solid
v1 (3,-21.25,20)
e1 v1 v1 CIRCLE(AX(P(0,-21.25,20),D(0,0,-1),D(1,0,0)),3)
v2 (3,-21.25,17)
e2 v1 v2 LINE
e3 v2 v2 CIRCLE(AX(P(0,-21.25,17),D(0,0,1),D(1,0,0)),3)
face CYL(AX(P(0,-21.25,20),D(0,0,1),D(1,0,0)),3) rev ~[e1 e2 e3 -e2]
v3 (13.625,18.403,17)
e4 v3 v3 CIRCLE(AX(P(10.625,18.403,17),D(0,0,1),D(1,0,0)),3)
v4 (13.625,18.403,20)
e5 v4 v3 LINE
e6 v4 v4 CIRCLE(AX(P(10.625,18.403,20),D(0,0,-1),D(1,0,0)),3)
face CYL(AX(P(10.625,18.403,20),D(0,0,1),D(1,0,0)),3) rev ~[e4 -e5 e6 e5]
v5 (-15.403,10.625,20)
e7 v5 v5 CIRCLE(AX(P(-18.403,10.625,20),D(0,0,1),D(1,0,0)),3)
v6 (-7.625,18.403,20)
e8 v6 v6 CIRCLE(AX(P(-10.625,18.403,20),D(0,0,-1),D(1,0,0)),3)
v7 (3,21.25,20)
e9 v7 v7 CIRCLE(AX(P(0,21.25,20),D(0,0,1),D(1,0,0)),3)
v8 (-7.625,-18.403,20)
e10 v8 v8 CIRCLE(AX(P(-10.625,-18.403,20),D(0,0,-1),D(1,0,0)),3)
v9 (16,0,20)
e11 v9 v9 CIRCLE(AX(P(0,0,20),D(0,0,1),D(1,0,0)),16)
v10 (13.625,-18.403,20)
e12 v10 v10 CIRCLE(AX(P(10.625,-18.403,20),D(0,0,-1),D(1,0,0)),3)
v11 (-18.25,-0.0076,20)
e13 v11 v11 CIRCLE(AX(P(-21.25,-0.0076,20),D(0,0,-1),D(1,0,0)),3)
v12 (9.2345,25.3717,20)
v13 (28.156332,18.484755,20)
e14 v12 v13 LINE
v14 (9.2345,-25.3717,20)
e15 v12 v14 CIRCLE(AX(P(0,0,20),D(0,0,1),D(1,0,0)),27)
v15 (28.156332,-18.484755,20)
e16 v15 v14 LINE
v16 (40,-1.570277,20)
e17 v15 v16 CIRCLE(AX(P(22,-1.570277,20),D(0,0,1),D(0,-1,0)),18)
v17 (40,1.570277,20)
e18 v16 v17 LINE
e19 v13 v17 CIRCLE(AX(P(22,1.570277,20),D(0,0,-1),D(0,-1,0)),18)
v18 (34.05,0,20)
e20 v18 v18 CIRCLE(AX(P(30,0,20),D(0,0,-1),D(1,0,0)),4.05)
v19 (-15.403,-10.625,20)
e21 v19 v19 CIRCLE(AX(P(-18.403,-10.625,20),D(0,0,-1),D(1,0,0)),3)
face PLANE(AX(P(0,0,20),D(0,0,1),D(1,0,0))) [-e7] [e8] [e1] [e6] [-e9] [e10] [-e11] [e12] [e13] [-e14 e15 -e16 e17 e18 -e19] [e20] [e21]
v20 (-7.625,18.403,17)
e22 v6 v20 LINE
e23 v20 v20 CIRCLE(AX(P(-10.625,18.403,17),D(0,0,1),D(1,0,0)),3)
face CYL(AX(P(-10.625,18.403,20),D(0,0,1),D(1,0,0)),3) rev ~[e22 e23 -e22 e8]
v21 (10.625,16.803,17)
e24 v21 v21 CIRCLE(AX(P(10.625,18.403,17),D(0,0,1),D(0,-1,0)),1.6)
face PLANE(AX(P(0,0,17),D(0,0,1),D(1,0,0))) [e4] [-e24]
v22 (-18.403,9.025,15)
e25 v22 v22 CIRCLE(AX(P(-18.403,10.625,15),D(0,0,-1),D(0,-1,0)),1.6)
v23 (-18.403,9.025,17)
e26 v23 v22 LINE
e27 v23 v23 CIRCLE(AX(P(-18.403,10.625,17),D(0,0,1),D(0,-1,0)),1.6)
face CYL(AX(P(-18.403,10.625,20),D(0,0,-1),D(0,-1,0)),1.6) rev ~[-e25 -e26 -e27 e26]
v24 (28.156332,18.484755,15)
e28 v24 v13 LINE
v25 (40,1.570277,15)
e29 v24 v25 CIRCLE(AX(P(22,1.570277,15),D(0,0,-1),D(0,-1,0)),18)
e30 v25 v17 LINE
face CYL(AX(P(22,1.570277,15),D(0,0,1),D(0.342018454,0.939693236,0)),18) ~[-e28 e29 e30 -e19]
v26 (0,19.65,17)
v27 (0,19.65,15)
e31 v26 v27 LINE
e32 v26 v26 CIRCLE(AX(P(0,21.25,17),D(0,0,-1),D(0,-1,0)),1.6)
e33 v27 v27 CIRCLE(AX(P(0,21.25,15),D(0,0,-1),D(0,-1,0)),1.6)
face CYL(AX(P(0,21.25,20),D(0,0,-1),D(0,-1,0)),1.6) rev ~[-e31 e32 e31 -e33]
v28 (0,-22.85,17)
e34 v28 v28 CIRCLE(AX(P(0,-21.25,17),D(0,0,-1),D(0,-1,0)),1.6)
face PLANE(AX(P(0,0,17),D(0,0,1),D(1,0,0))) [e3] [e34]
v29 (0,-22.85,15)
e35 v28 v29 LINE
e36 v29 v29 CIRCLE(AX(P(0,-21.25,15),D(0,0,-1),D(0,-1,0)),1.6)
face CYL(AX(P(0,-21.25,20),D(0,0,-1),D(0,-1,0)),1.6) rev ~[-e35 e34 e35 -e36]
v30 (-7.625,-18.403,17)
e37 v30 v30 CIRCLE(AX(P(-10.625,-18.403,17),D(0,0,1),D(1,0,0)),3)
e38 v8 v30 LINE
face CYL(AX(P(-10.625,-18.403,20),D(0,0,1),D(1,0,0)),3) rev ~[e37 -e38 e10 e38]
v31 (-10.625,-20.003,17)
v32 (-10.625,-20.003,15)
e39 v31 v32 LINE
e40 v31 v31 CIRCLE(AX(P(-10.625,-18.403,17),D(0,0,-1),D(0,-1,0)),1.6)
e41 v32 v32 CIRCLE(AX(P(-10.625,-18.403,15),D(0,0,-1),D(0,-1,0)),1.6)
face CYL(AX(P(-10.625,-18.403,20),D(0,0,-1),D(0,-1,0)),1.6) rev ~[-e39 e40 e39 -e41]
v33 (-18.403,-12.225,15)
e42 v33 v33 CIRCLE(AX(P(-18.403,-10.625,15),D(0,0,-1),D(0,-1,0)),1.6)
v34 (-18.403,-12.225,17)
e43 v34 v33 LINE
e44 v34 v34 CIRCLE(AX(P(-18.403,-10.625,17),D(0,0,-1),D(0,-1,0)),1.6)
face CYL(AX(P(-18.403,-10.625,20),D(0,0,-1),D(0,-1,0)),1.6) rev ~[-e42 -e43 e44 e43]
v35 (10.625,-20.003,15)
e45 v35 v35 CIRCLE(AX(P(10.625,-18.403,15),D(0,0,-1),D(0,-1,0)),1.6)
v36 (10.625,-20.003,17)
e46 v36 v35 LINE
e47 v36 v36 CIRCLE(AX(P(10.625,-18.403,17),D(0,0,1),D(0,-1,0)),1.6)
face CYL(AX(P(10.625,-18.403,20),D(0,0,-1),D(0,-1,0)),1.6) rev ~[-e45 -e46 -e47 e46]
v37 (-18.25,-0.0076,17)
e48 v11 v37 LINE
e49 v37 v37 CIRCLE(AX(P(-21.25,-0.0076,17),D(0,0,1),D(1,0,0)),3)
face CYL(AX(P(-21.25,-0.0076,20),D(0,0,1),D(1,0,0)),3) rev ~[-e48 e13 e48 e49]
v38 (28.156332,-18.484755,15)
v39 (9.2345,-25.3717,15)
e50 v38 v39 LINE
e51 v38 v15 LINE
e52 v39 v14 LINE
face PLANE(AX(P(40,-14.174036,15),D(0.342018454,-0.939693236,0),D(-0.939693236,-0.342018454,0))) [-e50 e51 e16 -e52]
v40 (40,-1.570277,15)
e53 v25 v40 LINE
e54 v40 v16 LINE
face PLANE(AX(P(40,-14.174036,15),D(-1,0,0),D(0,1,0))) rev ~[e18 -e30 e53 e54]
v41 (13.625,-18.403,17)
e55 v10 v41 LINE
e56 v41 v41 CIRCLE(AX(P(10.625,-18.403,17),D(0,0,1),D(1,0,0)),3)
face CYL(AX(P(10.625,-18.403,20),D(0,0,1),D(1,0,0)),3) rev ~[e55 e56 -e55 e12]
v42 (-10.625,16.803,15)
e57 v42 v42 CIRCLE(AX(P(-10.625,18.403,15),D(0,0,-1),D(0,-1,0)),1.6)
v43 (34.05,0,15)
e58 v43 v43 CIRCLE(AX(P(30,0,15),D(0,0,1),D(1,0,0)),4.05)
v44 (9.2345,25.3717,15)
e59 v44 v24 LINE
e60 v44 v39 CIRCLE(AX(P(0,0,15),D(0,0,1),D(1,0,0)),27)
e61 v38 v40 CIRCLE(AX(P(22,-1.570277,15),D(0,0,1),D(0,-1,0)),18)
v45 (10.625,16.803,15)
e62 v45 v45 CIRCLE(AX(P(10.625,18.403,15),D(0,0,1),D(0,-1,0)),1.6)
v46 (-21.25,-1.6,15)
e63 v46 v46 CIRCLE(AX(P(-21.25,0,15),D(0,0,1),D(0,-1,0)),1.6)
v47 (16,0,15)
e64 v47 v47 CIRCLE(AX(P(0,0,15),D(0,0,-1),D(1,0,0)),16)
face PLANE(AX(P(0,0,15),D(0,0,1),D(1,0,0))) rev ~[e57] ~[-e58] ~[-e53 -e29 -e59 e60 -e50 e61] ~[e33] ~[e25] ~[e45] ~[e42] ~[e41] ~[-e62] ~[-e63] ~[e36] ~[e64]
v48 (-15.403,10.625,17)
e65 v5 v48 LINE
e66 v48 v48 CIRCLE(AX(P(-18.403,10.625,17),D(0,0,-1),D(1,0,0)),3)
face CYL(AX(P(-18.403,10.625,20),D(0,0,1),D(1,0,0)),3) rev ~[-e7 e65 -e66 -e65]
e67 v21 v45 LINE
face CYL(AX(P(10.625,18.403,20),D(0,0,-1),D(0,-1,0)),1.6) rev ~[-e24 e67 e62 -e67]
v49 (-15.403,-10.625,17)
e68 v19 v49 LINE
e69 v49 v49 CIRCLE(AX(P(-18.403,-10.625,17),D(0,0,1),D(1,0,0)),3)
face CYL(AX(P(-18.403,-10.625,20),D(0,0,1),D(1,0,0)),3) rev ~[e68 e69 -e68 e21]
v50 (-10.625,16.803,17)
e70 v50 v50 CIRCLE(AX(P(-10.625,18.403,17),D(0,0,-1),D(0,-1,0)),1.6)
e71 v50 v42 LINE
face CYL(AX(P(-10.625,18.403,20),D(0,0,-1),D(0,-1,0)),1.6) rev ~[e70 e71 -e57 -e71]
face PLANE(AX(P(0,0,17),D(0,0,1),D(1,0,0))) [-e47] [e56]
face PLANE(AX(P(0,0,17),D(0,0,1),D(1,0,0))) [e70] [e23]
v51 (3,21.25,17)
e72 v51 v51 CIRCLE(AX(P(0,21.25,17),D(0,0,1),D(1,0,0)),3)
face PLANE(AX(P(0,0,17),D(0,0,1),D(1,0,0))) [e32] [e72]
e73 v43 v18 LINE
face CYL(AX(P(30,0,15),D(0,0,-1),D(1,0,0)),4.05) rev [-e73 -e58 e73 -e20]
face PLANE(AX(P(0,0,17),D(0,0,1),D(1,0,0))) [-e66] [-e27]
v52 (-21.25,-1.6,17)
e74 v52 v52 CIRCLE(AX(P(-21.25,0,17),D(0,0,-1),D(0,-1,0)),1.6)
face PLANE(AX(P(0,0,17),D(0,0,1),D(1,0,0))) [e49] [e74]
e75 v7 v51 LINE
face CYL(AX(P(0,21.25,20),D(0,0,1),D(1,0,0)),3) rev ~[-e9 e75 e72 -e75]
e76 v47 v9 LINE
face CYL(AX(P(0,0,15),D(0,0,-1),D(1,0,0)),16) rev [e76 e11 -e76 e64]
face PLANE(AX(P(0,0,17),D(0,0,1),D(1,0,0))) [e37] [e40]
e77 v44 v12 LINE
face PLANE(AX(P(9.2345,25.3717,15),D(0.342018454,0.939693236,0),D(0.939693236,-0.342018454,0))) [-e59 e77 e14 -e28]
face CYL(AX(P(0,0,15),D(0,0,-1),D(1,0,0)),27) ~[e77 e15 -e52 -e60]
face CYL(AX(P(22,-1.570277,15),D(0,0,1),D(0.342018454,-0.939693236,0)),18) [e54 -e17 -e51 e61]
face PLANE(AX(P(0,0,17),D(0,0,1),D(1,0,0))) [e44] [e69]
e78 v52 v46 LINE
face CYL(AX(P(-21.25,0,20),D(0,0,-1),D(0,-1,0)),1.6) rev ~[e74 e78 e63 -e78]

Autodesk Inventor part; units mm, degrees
ref_plane "YZ Plane" through (0, 0, 0) normal (1, 0, 0) x (0, 1, 0)
ref_plane "XZ Plane" through (0, 0, 0) normal (0, 1, 0) x (-1, 0, 0)
ref_plane "作業平面1" through (0, 0, 14) normal (0, 0, 1) x (-0.9659, -0.2588, 0)
sketch "スケッチ14" plane through (0, 0, 0) normal (0, 0, 1) x (1, 0, 0)
  circle A0 centre (0, 0) radius 25
  circle A1 centre (30, 0) radius 4.05
  line L0 (0, 25) -> (40, 25)
  line L1 (40, 25) -> (40, -25)
  line L2 (40, -25) -> (0, -25)
  line L3 (0, -25) -> (0, 25)
  line L4 (0, -25) -> (40, -10.4412)
  line L5 (0, 25) -> (40, 10.4412)
  line L6 (0.5157, 26.4168) -> (40.5157, 11.858)
  line L7 (0.5157, -26.4168) -> (40.5157, -11.858)
  circle A2 centre (0, 0) radius 6.5
  circle A3 centre (0, 0) radius 28
  line L8 (1.5417, 29.2358) -> (41.5417, 14.677)
  line L9 (1.5417, -29.2358) -> (41.5417, -14.677)
  point P0 (8.5505, -23.4923)
  point P1 (40, -12.0456)
  point P2 (40, 12.0456)
  point P3 (8.5505, 23.4923)
  point P4 (40, 15.2382)
  point P5 (9.5766, 26.3114)
  point P6 (9.5766, -26.3114)
  point P7 (40, -15.2382)
  dimension "d111" = 50
  dimension "d112" = 8.1
  dimension "d113" = 30
  dimension "d114" = 40
  dimension "d115" = 50
  dimension "d116" = 25
  dimension "d119" = 25
  dimension "d126" = 20
  dimension "d127" = 20
  dimension "d144" = 13
  dimension "d207" = 3
  dimension "d208" = 3
  dimension "d209" = 3
extrude "押し出し9" add sketch "スケッチ14" along normal blind 5 contours L3 A2 A0 | L0 L6 A0 | A0 L2 A3 L0 | L5 A0 L4 L3 A2 | A0 L5 | L4 A0 | A0 L7 L2 | L6 A3 L5 A0 | L6 L0 A3 | L5 A3 A1 L4 A0 | L7 A3 L2 | A0 L4 A3 L7 | A3 L0 L8 L1 L6 | L6 L1 L5 A3 | A3 L8 L0 | L5 L1 L4 A3 A1 | A3 L4 L1 L7 | L7 L1 L9 L2 A3 | L2 L9 A3
sketch "スケッチ15" plane through (0, 0, 0) normal (0, 0, -1) x (-1, 0, 0)
  circle A0 centre (-30, 0) radius 4.05 projected
  circle A1 centre (-30, 0) radius 6.6
  point P0 (0, 0)
  dimension "d122" = 13.2
extrude "押し出し10" cut sketch "スケッチ15" against normal blind 2
sketch "スケッチ16" plane through (0, 0, 5) normal (0, 0, 1) x (1, 0, 0)
  circle A0 centre (30, 0) radius 4.05 projected
  circle A1 centre (30, 0) radius 17
  arc A2 (8.5505, 23.4923) -> (8.5505, -23.4923) centre (0, 0) ccw projected
  circle A3 centre (0, 0) radius 25
  line L0 (40, -15.2382) -> (40, 15.2382) projected
  line L1 (40, 12.0456) -> (-0.2187, 26.6841)
  line L2 (40, -12.0456) -> (-2.6962, -27.5858)
  circle A4 centre (0, 0) radius 17.5
  line L3 (8.5505, 23.4923) -> (5.9854, 16.4446)
  line L4 (-17.5, 0) -> (-25, 0)
  line L5 (-2.7839, 19.6364) -> (32.5, 6.7941)
  line L6 (32.5, 6.7941) -> (32.5, -6.7941)
  line L7 (32.5, -6.7941) -> (-5.2613, -20.5381)
  line L8 (17.9474, 20.0721) -> (15.3823, 13.0244)
  point P0 (0, 25)
  point P1 (0, -25)
  dimension "d125" = 34
  dimension "d128" = 7.5
  dimension "d164" = 7.5
  dimension "d165" = 10
extrude "押し出し11" add sketch "スケッチ16" along normal blind 10 contours L8 L5 L3 A3 | A3 L1 L8 | L3 A4 L4 A2
sketch "スケッチ17" plane through (0, 0, 5) normal (0, 0, 1) x (1, 0, 0)
  circle A0 centre (30, 0) radius 4.05 projected
  line L0 (0, 0) -> (30, 0)
  circle A1 centre (0, 0) radius 12.5
  line L1 (0, 0) -> (12.4415, 7.1831)
  point P0 (10.8253, 6.25)
  point P1 (0, 12.5)
  point P2 (-10.8253, 6.25)
  point P3 (-10.8253, -6.25)
  point P4 (0, -12.5)
  point P5 (10.8253, -6.25)
  dimension "d131" = 25
  dimension "d132" = 30
  dimension "d135" = 360
hole "穴5" at (10.8253, 6.25, 5) at (0, 12.5, 5) at (-10.8253, 6.25, 5) at (-10.8253, -6.25, 5) at (0, -12.5, 5) at (10.8253, -6.25, 5) direction (0, 0, -1) diameter 3.2 end through all
sketch "スケッチ18" plane through (0, 0, 5) normal (0, 0, 1) x (1, 0, 0)
  circle A0 centre (30, 0) radius 4.05 projected
  line L0 (0, 0) -> (30, 0)
  circle A1 centre (0, 0) radius 10.2
  point P0 (10.2, 0)
  point P1 (-5.1, 8.8335)
  point P2 (-5.1, -8.8335)
  dimension "d145" = 20.4
  dimension "d148" = 360
hole "穴6" at (10.2, 0, 5) at (-5.1, 8.8335, 5) at (-5.1, -8.8335, 5) direction (0, 0, -1) diameter 4.2 end through all
sketch "スケッチ19" plane through (0, 0, 5) normal (0, 0, 1) x (1, 0, 0)
  circle A0 centre (0, 12.5) radius 1.6 projected
  circle A1 centre (0, 0) radius 12.5
  circle A2 centre (0, 12.5) radius 3
  circle A3 centre (-10.8253, 6.25) radius 3
  circle A4 centre (-10.8253, -6.25) radius 3
  circle A5 centre (0, -12.5) radius 3
  circle A6 centre (10.8253, -6.25) radius 3
  circle A7 centre (10.8253, 6.25) radius 3
  dimension "d157" = 6
  dimension "d160" = 360
extrude "押し出し12" cut sketch "スケッチ19" against normal blind 3 contours A0 A1 | A0 A1 A2 | A1 A0 | A0 A1 A2 | A3 A1 | A1 A3 | A7 A1 | A1 A7 | A4 A1 | A1 A4 | A6 A1 | A1 A6 | A5 A1 | A1 A5
sketch "スケッチ20" plane through (0, 0, 15) normal (0, 0, 1) x (1, 0, 0)
  line L0 (17.9474, 20.0721) -> (8.5505, 23.4923) projected
  line L1 (17.9474, 20.0721) -> (15.3823, 13.0244)
  line L2 (15.3823, 13.0244) -> (5.9854, 16.4446)
  line L3 (5.9854, 16.4446) -> (8.5505, 23.4923)
  line L4 (0, 0) -> (0, 30.7788)
  circle A0 centre (0, 0) radius 21.25
  circle A1 centre (0, 0) radius 25
  point P0 (11.9664, 18.2584)
  point P1 (0, 21.25)
  point P2 (-10.625, 18.403)
  point P3 (-18.403, 10.625)
  point P4 (-21.25, 0)
  point P5 (-18.403, -10.625)
  point P6 (-10.625, -18.403)
  point P7 (0, -21.25)
  point P8 (10.625, -18.403)
  point P9 (18.403, -10.625)
  point P10 (21.25, 0)
  point P11 (18.403, 10.625)
  point P12 (10.625, 18.403)
  dimension "d167" = 7.5
  dimension "d168" = 5
  dimension "d169" = 3.75
  dimension "d170" = 3.75
  dimension "d171" = 50
  dimension "d174" = 360
hole "穴7" at (11.9664, 18.2584, 15) at (0, 21.25, 15) at (-10.625, 18.403, 15) at (-18.403, 10.625, 15) direction (0, 0, -1) diameter 2.459 end through all thread size "M3x0.5" class "6H" standard "ISO Metric profile"
sketch "スケッチ21" plane through (0, 0, 15) normal (0, 0, 1) x (1, 0, 0)
  circle A0 centre (0, 0) radius 25
  line L0 (40, -15.2382) -> (40, 15.2382) projected
  line L1 (40, 12.0456) -> (40, -12.0456)
  line L2 (8.5505, -23.4923) -> (40, -12.0456) projected
  line L3 (40, -12.0456) -> (8.5505, -23.4923)
  line L4 (40, 12.0456) -> (8.5505, 23.4923)
  line L5 (40, 0) -> (-25, 0)
  circle A1 centre (0, 0) radius 16
  circle A2 centre (30, 0) radius 4.05 projected
  circle A3 centre (30, 0) radius 4.05
  line L6 (9.2345, 25.3717) -> (42, 13.4461)
  line L7 (42, 13.4461) -> (42, -13.4461)
  line L8 (42, -13.4461) -> (9.2345, -25.3717)
  circle A4 centre (0, 0) radius 27
  line L9 (40, 15.2382) -> (40, -15.2382)
  point P0 (40, 14.174)
  point P1 (9.2345, 25.3717)
  point P2 (9.2345, -25.3717)
  point P3 (40, -14.174)
  dimension "d183" = 32
  dimension "d184" = 8.1
  dimension "d210" = 2
  dimension "d211" = 2
extrude "押し出し13" add sketch "スケッチ21" along normal blind 5 contours L5 A1 A0 | L5 A2 A4 L2 A0 | A0 L5 A1 | A0 L4 A4 A2 L5 | A0 L2 A4 L4 | A4 L6 L0 L4 | L4 L0 L5 A2 A4 | A4 A2 L5 L0 L2 | L2 L0 L8 A4
sketch "スケッチ22" plane through (0, 0, 20) normal (0, 0, 1) x (1, 0, 0)
  circle A0 centre (0, 21.25) radius 1.2295 projected
  circle A1 centre (0, 0) radius 21.25
  circle A2 centre (-10.625, 18.403) radius 1.2295 projected
  circle A3 centre (-18.403, 10.625) radius 1.2295 projected
  circle A4 centre (11.9664, 18.2584) radius 1.2295 projected
  line L0 (-17.5, 0) -> (-25, 0) projected
  line L1 (-25, 0) -> (40, 0)
  line L2 (40, -15.2382) -> (40, 15.2382) projected
  point P0 (40, -12.0456)
  point P1 (40, 12.0456)
  point P2 (0, -21.25)
  point P3 (-10.625, -18.403)
  point P4 (-18.403, -10.625)
  point P5 (11.9664, -18.2584)
  point P6 (-21.25, 0)
  point P7 (-18.403, 10.625)
  point P8 (-21.25, 0)
  point P9 (-18.403, -10.625)
  point P10 (-10.625, -18.403)
  point P11 (0, -21.25)
  point P12 (10.625, -18.403)
  point P13 (18.403, -10.625)
  point P14 (21.25, 0)
  point P15 (18.403, 10.625)
  point P16 (10.625, 18.403)
  point P17 (0, 21.25)
  dimension "d215" = 360
hole "穴8" at (10.625, -18.403, 20) at (0, -21.25, 20) at (-10.625, -18.403, 20) at (-18.403, -10.625, 20) at (-18.403, 10.625, 20) at (-21.25, 0, 20) at (-10.625, 18.403, 20) at (0, 21.25, 20) at (10.625, 18.403, 20) direction (0, 0, -1) diameter 3.2 end through all
sketch "スケッチ23" plane through (0, 0, 0) normal (0, 0, -1) x (-1, 0, 0)
  line L0 (46.3543, -34.5724) -> (-56.544, -34.5724)
  line L1 (-56.544, -34.5724) -> (-56.544, 32.2069)
  line L2 (-56.544, 32.2069) -> (46.3543, 32.2069)
  line L3 (46.3543, 32.2069) -> (46.3543, -34.5724)
  point P0 (0, 0)
extrude "押し出し14" cut sketch "スケッチ23" against normal blind 15
sketch "スケッチ24" plane through (0, 0, 20) normal (0, 0, 1) x (1, 0, 0)
  circle A0 centre (0, 21.25) radius 1.6 projected
  circle A1 centre (0, 21.25) radius 3
  circle A2 centre (-10.625, 18.403) radius 1.6 projected
  circle A3 centre (-10.625, 18.403) radius 3
  circle A4 centre (-18.403, 10.625) radius 1.6 projected
  circle A5 centre (-18.403, 10.625) radius 3
  line L0 (0, 0) -> (-8.2063, 0)
  circle A6 centre (0, -21.25) radius 3
  circle A7 centre (-10.625, -18.403) radius 3
  circle A8 centre (-18.403, -10.625) radius 3
  circle A9 centre (-21.25, -0.0076) radius 3
  circle A10 centre (0, 0) radius 21.25
  circle A11 centre (10.625, 18.403) radius 1.6 projected
  circle A12 centre (10.625, 18.403) radius 3
  circle A13 centre (10.625, -18.403) radius 1.6 projected
  circle A14 centre (10.625, -18.403) radius 3
  dimension "d198" = 6
  dimension "d199" = 6
  dimension "d200" = 6
  dimension "d203" = 6
  dimension "d217" = 6
  dimension "d218" = 6
extrude "押し出し15" cut sketch "スケッチ24" against normal blind 3 contours A0 A10 | A0 A10 A1 | A10 A0 | A0 A10 A1 | A10 A2 A3 | A3 A10 A2 | A12 A10 A11 | A10 A11 A12 | A10 A2 | A2 A10 | A10 A4 A5 | A5 A10 A4 | A14 A10 A13 | A10 A13 A14 | A10 A9 | A9 A10 | A10 A6 | A6 A10 | A10 A8 | A8 A10 | A10 A7 | A7 A10
fillet "フィレット10" radius 18 2 edges at (40, 14.174, 17.5) (40, -14.174, 17.5)
properties part number "RP_Thigh-Base-Cover" material "アルミニウム 6061"
